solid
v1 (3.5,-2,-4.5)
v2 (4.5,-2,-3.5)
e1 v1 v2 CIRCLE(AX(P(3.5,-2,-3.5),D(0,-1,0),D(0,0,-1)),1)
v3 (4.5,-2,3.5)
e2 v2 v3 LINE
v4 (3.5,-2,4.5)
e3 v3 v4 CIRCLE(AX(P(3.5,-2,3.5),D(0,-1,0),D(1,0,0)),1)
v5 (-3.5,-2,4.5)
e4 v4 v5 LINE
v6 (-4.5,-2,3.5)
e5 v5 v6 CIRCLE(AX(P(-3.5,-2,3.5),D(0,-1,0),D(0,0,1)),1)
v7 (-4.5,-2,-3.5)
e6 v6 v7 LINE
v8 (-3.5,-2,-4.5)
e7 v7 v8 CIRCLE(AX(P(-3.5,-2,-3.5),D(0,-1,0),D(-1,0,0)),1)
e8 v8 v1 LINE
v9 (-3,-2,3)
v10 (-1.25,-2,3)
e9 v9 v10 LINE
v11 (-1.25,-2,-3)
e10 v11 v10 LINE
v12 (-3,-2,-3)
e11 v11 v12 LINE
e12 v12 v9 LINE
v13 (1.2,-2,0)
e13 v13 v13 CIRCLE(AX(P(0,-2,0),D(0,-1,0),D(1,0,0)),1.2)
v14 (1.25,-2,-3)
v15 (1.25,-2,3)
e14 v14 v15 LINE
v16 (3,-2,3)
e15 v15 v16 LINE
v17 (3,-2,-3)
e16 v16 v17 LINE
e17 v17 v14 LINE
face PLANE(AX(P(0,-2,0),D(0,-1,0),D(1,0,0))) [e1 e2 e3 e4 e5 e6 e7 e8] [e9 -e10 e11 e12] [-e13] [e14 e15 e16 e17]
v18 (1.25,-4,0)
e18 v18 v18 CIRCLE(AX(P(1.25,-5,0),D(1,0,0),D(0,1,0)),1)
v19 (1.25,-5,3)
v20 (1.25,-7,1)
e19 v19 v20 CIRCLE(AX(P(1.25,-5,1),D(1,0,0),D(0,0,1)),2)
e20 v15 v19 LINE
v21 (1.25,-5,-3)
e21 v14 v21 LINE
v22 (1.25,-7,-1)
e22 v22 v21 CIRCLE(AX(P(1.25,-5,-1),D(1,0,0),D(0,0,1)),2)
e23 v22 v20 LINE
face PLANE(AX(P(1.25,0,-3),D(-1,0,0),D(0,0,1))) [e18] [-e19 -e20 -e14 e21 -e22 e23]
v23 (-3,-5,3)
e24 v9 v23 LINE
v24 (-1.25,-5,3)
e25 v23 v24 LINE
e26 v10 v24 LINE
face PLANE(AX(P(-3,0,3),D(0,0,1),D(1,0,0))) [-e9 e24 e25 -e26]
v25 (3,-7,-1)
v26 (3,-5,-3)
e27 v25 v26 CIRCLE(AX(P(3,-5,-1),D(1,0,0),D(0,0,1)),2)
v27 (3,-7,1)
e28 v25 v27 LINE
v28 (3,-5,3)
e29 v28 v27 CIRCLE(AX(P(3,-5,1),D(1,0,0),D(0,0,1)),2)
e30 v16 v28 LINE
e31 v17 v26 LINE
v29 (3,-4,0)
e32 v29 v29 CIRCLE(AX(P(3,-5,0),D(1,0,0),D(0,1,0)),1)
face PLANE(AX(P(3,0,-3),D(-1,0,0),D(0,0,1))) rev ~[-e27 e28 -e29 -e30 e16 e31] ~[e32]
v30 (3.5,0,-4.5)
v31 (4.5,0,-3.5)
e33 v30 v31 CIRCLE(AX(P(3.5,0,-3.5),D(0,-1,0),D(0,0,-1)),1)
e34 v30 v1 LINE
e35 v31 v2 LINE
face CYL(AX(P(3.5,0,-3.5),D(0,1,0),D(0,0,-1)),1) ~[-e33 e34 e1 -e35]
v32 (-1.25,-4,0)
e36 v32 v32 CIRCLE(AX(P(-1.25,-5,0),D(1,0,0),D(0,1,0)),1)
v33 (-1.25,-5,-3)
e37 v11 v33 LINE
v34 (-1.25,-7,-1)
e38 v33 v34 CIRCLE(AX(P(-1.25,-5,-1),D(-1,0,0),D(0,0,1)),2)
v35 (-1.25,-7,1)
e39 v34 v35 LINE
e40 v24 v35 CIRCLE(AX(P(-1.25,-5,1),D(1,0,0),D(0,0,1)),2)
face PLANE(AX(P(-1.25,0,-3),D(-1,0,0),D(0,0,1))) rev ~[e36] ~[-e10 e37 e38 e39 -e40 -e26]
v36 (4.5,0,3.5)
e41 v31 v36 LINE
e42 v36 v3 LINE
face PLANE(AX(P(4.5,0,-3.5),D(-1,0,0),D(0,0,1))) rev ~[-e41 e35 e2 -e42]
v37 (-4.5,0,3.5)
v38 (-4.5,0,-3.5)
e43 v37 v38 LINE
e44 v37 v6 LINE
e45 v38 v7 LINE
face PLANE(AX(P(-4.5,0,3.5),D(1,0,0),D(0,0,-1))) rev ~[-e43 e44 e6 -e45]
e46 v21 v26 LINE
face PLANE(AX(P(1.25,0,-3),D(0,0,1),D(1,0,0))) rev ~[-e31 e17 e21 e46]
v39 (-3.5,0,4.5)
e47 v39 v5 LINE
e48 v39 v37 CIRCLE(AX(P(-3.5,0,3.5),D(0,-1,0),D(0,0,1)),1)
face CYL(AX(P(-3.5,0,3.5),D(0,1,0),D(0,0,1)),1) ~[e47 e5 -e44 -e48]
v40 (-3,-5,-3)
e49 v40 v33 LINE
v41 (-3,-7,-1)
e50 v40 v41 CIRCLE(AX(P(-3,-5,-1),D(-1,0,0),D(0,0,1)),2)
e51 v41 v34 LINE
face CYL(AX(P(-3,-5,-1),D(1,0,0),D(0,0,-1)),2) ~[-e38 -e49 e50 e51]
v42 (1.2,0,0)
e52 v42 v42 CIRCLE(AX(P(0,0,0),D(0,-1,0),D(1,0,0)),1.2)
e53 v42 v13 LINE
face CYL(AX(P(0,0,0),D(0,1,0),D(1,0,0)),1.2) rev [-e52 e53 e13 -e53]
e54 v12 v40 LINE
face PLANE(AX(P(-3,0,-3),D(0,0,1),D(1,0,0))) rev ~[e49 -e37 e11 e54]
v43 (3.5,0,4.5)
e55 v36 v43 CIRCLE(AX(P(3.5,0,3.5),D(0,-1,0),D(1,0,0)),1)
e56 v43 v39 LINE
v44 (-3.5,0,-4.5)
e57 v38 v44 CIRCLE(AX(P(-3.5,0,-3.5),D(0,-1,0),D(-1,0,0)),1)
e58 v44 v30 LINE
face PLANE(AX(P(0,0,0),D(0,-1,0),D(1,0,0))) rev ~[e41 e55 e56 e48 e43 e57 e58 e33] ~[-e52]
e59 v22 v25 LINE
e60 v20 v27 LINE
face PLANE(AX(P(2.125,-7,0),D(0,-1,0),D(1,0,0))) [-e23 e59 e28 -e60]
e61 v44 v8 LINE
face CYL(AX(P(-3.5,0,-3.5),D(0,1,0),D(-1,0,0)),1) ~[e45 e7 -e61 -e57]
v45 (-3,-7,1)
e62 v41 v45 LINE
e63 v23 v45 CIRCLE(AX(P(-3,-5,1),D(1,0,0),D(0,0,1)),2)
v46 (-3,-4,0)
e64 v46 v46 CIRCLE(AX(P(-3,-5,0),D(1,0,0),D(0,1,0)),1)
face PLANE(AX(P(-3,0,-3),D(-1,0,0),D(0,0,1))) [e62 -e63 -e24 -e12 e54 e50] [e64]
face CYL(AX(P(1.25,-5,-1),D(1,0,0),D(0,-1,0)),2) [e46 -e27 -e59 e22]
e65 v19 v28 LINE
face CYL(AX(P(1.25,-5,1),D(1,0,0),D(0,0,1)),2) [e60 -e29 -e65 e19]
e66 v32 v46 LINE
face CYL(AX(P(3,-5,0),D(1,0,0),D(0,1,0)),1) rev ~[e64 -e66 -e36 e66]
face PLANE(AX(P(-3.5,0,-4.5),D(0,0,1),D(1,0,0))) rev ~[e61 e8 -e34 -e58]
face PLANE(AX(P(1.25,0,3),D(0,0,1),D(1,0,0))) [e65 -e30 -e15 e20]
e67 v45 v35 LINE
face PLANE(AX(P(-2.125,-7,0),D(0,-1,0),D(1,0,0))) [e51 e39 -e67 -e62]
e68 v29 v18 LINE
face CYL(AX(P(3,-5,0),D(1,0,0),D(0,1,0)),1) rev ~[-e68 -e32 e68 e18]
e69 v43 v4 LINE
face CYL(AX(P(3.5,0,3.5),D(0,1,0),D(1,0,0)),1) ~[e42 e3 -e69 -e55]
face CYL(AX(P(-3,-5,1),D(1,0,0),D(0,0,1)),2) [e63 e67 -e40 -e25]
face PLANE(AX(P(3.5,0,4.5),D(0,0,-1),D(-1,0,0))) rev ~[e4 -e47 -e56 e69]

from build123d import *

# Parameters (mm, degrees)
F0_W     = 2.5
F0_H     = 6
F0_R     = 1.2
F1_DEPTH = 2
F0_W_2   = 1.75
F2_DEPTH = 7
F3_R     = 1
F4_DEPTH = 6
F5_R     = 2
F6_R     = 2


with BuildPart() as f1:
    # F0 (on Front) → F1 (new body)
    with BuildSketch(Plane.XZ):
        with BuildLine():
            Line((-3.5, -4.5), (3.5, -4.5))
            ThreePointArc((3.5, -4.5), (4.2071067812, -4.2071067812), (4.5, -3.5))
            Line((4.5, -3.5), (4.5, 3.5))
            ThreePointArc((4.5, 3.5), (4.2071067812, 4.2071067812), (3.5, 4.5))
            Line((3.5, 4.5), (-3.5, 4.5))
            ThreePointArc((-3.5, 4.5), (-4.2071067812, 4.2071067812), (-4.5, 3.5))
            Line((-4.5, 3.5), (-4.5, -3.5))
            ThreePointArc((-4.5, -3.5), (-4.2071067812, -4.2071067812), (-3.5, -4.5))
        make_face()
        Polygon((3, 3), (3, -3), (1.25, -3), (-1.25, -3), (-3, -3), (-3, 3), (-1.25, 3), (1.25, 3), align=None, mode=Mode.SUBTRACT)
        Rectangle(F0_W, F0_H)
        Circle(F0_R, mode=Mode.SUBTRACT)
    extrude(amount=F1_DEPTH)

    # F0 (on Front) → F2 (join)
    with BuildSketch(Plane.XZ):
        with Locations((-2.125, 0)):
            Rectangle(F0_W_2, F0_H)
        with Locations((2.125, 0)):
            Rectangle(F0_W_2, F0_H)
    extrude(amount=F2_DEPTH)

    # F3 (on face) → F4 (cut)
    with BuildSketch(Plane.YZ.offset(3)):
        with Locations((-5, 0)):
            Circle(F3_R)
    extrude(amount=-F4_DEPTH, mode=Mode.SUBTRACT)

    # F5
    f5_edges = [f1.edges().sort_by_distance(p)[0] for p in [
        (2.125, -7, 3),
    ]]
    fillet(f5_edges, radius=F5_R)

    # F6
    f6_edges = [f1.edges().sort_by_distance(p)[0] for p in [
        (-2.125, -7, 3),
        (-2.125, -7, -3),
        (2.125, -7, -3),
    ]]
    fillet(f6_edges, radius=F6_R)


solid = f1.part
